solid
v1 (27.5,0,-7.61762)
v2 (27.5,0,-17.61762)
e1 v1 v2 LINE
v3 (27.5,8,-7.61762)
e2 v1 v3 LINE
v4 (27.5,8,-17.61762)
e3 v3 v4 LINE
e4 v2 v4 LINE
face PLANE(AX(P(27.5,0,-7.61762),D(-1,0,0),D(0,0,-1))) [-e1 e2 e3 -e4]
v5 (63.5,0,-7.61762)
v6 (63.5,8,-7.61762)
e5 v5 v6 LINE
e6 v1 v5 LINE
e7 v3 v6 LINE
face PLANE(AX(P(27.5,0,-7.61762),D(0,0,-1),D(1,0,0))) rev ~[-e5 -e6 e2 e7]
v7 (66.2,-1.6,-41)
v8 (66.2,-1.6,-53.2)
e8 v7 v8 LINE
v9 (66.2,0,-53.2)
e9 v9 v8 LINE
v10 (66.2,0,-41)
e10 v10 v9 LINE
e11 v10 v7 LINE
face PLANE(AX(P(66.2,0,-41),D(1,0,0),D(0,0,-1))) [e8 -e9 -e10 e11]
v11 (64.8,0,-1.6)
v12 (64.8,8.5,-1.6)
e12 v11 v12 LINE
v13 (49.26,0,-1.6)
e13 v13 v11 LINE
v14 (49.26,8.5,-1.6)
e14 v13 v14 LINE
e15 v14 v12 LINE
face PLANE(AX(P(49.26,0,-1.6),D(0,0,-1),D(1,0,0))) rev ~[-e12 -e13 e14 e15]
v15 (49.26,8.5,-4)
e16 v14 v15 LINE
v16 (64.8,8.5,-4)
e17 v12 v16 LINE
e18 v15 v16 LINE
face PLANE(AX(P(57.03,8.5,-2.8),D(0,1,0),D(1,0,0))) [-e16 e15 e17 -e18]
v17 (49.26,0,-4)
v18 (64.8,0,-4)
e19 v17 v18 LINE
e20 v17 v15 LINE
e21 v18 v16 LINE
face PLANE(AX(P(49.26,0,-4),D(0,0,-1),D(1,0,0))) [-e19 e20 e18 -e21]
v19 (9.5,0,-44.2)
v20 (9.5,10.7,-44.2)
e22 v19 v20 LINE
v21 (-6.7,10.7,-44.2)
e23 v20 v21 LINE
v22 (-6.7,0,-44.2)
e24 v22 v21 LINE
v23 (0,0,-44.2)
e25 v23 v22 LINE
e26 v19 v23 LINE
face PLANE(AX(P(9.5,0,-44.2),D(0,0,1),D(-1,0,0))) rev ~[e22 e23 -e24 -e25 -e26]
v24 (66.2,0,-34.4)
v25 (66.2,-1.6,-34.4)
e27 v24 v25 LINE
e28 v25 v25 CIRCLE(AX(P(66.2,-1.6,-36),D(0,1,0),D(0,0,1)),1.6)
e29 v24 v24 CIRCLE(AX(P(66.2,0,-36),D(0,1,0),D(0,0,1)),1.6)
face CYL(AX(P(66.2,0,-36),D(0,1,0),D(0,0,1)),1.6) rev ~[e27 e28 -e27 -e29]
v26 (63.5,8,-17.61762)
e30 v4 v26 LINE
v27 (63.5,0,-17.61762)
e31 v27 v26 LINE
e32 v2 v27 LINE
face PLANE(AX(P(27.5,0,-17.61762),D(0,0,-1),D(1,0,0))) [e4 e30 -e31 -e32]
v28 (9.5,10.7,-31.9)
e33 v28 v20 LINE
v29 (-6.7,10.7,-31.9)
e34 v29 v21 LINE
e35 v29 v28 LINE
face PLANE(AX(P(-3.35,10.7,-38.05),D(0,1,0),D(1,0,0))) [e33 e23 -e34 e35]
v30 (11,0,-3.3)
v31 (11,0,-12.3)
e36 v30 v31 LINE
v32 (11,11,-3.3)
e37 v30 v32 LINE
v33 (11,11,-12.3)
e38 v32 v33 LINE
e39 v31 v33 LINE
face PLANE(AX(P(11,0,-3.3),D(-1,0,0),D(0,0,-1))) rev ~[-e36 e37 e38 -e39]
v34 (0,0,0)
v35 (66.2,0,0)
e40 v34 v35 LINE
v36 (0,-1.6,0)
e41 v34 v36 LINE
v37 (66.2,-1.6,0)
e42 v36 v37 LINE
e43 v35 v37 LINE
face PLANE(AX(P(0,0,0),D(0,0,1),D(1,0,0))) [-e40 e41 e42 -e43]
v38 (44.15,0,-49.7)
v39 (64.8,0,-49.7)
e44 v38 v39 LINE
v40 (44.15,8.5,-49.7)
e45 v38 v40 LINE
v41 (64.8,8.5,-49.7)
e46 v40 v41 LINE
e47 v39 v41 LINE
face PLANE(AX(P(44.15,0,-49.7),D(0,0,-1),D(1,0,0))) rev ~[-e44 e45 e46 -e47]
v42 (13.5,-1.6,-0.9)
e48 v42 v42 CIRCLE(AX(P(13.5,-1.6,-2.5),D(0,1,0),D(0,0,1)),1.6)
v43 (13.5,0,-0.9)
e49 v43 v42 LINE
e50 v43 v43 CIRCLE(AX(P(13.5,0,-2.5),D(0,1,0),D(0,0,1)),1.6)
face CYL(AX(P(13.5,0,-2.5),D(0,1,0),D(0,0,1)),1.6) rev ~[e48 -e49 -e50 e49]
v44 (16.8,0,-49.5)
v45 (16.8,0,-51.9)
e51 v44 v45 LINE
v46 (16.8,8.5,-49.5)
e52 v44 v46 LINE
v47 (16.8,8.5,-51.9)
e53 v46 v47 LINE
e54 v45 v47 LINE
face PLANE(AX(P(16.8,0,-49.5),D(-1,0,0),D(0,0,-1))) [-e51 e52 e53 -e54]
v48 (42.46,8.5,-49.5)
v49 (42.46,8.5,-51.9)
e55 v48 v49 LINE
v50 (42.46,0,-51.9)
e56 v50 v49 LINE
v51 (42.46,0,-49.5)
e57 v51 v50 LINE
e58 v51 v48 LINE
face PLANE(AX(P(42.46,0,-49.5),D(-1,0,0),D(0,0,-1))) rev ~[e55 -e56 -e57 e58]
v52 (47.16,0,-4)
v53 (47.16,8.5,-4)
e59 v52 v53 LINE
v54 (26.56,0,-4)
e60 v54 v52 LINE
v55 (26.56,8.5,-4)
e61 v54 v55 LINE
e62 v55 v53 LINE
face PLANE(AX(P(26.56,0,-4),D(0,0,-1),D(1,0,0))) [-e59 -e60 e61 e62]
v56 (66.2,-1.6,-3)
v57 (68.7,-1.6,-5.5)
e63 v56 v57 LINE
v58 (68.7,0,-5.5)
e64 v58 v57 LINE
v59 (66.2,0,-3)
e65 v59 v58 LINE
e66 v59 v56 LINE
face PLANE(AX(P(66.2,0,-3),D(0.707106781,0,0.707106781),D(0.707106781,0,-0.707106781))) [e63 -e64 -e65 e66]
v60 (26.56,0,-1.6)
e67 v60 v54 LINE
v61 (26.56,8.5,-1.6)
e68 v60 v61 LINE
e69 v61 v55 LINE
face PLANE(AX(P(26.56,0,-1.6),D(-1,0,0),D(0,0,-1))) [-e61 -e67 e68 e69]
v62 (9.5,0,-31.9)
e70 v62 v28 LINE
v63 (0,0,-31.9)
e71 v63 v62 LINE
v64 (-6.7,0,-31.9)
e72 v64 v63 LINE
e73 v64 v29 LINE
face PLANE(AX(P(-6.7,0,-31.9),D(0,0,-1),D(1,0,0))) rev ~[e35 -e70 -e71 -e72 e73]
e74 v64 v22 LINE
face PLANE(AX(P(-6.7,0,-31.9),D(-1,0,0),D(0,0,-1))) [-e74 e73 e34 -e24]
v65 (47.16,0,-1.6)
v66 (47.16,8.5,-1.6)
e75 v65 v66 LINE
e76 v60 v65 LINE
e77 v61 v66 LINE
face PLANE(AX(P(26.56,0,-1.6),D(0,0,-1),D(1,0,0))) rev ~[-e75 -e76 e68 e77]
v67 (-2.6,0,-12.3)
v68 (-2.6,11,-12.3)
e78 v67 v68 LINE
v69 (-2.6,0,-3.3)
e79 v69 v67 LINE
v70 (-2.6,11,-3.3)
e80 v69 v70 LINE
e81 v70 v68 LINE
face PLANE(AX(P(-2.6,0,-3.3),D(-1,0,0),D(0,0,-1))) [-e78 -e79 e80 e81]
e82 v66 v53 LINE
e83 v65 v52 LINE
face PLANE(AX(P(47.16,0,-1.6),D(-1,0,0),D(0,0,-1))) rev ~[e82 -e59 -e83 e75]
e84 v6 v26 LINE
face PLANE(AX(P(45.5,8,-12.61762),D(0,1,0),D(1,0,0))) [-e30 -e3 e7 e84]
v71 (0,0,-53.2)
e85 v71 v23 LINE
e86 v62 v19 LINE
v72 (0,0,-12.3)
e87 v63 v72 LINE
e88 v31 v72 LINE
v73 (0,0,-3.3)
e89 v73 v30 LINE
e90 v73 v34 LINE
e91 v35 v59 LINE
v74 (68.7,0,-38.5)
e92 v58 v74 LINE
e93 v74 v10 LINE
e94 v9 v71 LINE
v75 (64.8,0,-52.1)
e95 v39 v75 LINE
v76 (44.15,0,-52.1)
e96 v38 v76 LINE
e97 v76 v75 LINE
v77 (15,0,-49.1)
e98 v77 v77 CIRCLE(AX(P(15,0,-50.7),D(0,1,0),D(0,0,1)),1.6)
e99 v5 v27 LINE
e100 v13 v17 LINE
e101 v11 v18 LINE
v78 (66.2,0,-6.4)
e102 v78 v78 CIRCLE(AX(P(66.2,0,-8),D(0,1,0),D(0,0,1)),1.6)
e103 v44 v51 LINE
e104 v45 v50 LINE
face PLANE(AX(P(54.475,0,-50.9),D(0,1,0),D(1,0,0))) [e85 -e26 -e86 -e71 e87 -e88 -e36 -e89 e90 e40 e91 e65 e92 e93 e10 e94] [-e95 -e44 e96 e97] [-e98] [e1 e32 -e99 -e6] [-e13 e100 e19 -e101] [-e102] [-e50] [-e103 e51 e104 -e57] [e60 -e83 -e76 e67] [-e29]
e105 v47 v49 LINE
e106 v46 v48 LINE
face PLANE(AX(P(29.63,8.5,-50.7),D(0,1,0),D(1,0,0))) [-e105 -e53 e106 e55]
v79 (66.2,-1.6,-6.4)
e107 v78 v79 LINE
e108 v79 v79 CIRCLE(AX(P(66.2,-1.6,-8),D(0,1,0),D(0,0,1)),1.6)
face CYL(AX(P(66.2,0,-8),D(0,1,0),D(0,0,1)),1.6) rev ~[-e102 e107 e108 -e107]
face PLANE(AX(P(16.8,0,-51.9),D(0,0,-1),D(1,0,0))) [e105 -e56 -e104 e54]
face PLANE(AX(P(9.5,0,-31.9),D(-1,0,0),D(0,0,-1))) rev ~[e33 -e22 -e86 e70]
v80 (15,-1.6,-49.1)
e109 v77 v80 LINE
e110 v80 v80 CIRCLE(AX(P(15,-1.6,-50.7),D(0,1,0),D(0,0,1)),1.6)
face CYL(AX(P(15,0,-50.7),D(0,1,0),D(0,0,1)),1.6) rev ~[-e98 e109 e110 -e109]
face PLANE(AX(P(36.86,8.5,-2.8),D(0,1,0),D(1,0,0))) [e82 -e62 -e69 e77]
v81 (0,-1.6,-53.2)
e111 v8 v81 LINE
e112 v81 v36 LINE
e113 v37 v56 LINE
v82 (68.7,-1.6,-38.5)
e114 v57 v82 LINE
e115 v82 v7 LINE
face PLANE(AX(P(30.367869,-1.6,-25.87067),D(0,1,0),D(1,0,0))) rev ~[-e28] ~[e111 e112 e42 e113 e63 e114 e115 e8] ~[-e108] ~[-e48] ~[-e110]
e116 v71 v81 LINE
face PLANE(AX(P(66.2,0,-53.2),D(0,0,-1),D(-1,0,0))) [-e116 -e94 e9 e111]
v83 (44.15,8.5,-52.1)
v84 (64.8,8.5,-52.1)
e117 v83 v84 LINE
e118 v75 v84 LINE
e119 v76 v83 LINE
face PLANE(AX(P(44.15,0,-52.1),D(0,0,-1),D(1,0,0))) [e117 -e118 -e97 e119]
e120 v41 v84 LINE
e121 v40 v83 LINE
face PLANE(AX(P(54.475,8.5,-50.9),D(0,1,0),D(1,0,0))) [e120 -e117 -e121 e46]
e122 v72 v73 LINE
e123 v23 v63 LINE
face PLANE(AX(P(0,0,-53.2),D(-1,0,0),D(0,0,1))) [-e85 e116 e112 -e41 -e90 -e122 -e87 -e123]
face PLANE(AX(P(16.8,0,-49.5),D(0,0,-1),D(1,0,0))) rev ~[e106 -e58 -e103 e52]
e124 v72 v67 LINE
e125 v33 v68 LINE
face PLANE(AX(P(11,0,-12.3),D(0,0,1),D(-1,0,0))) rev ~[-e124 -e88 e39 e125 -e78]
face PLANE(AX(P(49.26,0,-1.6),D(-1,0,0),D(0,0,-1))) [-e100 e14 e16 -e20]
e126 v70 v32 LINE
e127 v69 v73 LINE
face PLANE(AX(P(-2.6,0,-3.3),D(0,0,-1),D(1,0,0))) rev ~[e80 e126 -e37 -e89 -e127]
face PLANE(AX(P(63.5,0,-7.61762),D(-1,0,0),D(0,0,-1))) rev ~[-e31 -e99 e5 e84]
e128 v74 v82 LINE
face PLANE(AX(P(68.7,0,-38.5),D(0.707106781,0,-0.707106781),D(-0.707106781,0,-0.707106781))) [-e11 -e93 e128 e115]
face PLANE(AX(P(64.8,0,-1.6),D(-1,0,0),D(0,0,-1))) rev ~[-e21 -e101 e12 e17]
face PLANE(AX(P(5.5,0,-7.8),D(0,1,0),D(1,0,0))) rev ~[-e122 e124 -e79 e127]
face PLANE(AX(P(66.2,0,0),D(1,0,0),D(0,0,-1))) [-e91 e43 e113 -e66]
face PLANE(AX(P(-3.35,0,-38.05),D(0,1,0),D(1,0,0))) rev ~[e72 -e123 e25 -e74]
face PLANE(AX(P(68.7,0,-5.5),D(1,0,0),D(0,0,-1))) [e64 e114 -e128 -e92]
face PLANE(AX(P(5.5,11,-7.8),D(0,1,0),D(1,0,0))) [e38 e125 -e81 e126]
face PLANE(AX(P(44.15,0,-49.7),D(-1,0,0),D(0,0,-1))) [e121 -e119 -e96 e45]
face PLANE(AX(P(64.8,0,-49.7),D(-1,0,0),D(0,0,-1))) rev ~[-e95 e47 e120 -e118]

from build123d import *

# Parameters (mm, degrees)
SKETCH1_R           = 1.6
BOSS_EXTRUDE1_DEPTH = 1.6
SKETCH1_3_W         = 16.2
SKETCH1_3_H         = 12.3
BOSS_EXTRUDE2_DEPTH = 10.7
SKETCH1_4_W         = 13.6
SKETCH1_4_H         = 9
BOSS_EXTRUDE3_DEPTH = 11
SKETCH1_5_W         = 36
SKETCH1_5_H         = 10
BOSS_EXTRUDE4_DEPTH = 8
SKETCH1_6_W         = 25.66
SKETCH1_6_H         = 2.4
SKETCH1_6_W_2       = 20.65
SKETCH1_6_W_3       = 20.6
SKETCH1_6_W_4       = 15.54
BOSS_EXTRUDE5_DEPTH = 8.5


with BuildPart() as part:
    # Sketch1 → Boss-Extrude1 (new body)
    with BuildSketch(Plane(origin=(0, 0, 0), x_dir=(1, 0, 0), z_dir=(0, 1, 0))):
        Polygon((68.7, 38.5), (66.2, 41), (66.2, 53.2), (0, 53.2), (0, 0), (66.2, 0), (66.2, 3), (68.7, 5.5), align=None)
        with Locations((13.5, 2.5)):
            Circle(SKETCH1_R, mode=Mode.SUBTRACT)
        with Locations((66.2, 8)):
            Circle(SKETCH1_R, mode=Mode.SUBTRACT)
        with Locations((15, 50.7)):
            Circle(SKETCH1_R, mode=Mode.SUBTRACT)
        with Locations((66.2, 36)):
            Circle(SKETCH1_R, mode=Mode.SUBTRACT)
    extrude(amount=-BOSS_EXTRUDE1_DEPTH)

    # Sketch1<3> → Boss-Extrude2 (add)
    with BuildSketch(Plane(origin=(0, 0, 0), x_dir=(1, 0, 0), z_dir=(0, 1, 0))):
        with Locations((1.4, 38.05)):
            Rectangle(SKETCH1_3_W, SKETCH1_3_H)
    extrude(amount=BOSS_EXTRUDE2_DEPTH)

    # Sketch1<4> → Boss-Extrude3 (add)
    with BuildSketch(Plane(origin=(0, 0, 0), x_dir=(1, 0, 0), z_dir=(0, 1, 0))):
        with Locations((4.2, 7.8)):
            Rectangle(SKETCH1_4_W, SKETCH1_4_H)
    extrude(amount=BOSS_EXTRUDE3_DEPTH)

    # Sketch1<5> → Boss-Extrude4 (add)
    with BuildSketch(Plane(origin=(0, 0, 0), x_dir=(1, 0, 0), z_dir=(0, 1, 0))):
        with Locations((45.5, 12.617620005)):
            Rectangle(SKETCH1_5_W, SKETCH1_5_H)
    extrude(amount=BOSS_EXTRUDE4_DEPTH)

    # Sketch1<6> → Boss-Extrude5 (add)
    with BuildSketch(Plane(origin=(0, 0, 0), x_dir=(1, 0, 0), z_dir=(0, 1, 0))):
        with Locations((29.63, 50.7)):
            Rectangle(SKETCH1_6_W, SKETCH1_6_H)
        with Locations((54.475, 50.9)):
            Rectangle(SKETCH1_6_W_2, SKETCH1_6_H)
        with Locations((36.86, 2.8)):
            Rectangle(SKETCH1_6_W_3, SKETCH1_6_H)
        with Locations((57.03, 2.8)):
            Rectangle(SKETCH1_6_W_4, SKETCH1_6_H)
    extrude(amount=BOSS_EXTRUDE5_DEPTH)


solid = part.part
